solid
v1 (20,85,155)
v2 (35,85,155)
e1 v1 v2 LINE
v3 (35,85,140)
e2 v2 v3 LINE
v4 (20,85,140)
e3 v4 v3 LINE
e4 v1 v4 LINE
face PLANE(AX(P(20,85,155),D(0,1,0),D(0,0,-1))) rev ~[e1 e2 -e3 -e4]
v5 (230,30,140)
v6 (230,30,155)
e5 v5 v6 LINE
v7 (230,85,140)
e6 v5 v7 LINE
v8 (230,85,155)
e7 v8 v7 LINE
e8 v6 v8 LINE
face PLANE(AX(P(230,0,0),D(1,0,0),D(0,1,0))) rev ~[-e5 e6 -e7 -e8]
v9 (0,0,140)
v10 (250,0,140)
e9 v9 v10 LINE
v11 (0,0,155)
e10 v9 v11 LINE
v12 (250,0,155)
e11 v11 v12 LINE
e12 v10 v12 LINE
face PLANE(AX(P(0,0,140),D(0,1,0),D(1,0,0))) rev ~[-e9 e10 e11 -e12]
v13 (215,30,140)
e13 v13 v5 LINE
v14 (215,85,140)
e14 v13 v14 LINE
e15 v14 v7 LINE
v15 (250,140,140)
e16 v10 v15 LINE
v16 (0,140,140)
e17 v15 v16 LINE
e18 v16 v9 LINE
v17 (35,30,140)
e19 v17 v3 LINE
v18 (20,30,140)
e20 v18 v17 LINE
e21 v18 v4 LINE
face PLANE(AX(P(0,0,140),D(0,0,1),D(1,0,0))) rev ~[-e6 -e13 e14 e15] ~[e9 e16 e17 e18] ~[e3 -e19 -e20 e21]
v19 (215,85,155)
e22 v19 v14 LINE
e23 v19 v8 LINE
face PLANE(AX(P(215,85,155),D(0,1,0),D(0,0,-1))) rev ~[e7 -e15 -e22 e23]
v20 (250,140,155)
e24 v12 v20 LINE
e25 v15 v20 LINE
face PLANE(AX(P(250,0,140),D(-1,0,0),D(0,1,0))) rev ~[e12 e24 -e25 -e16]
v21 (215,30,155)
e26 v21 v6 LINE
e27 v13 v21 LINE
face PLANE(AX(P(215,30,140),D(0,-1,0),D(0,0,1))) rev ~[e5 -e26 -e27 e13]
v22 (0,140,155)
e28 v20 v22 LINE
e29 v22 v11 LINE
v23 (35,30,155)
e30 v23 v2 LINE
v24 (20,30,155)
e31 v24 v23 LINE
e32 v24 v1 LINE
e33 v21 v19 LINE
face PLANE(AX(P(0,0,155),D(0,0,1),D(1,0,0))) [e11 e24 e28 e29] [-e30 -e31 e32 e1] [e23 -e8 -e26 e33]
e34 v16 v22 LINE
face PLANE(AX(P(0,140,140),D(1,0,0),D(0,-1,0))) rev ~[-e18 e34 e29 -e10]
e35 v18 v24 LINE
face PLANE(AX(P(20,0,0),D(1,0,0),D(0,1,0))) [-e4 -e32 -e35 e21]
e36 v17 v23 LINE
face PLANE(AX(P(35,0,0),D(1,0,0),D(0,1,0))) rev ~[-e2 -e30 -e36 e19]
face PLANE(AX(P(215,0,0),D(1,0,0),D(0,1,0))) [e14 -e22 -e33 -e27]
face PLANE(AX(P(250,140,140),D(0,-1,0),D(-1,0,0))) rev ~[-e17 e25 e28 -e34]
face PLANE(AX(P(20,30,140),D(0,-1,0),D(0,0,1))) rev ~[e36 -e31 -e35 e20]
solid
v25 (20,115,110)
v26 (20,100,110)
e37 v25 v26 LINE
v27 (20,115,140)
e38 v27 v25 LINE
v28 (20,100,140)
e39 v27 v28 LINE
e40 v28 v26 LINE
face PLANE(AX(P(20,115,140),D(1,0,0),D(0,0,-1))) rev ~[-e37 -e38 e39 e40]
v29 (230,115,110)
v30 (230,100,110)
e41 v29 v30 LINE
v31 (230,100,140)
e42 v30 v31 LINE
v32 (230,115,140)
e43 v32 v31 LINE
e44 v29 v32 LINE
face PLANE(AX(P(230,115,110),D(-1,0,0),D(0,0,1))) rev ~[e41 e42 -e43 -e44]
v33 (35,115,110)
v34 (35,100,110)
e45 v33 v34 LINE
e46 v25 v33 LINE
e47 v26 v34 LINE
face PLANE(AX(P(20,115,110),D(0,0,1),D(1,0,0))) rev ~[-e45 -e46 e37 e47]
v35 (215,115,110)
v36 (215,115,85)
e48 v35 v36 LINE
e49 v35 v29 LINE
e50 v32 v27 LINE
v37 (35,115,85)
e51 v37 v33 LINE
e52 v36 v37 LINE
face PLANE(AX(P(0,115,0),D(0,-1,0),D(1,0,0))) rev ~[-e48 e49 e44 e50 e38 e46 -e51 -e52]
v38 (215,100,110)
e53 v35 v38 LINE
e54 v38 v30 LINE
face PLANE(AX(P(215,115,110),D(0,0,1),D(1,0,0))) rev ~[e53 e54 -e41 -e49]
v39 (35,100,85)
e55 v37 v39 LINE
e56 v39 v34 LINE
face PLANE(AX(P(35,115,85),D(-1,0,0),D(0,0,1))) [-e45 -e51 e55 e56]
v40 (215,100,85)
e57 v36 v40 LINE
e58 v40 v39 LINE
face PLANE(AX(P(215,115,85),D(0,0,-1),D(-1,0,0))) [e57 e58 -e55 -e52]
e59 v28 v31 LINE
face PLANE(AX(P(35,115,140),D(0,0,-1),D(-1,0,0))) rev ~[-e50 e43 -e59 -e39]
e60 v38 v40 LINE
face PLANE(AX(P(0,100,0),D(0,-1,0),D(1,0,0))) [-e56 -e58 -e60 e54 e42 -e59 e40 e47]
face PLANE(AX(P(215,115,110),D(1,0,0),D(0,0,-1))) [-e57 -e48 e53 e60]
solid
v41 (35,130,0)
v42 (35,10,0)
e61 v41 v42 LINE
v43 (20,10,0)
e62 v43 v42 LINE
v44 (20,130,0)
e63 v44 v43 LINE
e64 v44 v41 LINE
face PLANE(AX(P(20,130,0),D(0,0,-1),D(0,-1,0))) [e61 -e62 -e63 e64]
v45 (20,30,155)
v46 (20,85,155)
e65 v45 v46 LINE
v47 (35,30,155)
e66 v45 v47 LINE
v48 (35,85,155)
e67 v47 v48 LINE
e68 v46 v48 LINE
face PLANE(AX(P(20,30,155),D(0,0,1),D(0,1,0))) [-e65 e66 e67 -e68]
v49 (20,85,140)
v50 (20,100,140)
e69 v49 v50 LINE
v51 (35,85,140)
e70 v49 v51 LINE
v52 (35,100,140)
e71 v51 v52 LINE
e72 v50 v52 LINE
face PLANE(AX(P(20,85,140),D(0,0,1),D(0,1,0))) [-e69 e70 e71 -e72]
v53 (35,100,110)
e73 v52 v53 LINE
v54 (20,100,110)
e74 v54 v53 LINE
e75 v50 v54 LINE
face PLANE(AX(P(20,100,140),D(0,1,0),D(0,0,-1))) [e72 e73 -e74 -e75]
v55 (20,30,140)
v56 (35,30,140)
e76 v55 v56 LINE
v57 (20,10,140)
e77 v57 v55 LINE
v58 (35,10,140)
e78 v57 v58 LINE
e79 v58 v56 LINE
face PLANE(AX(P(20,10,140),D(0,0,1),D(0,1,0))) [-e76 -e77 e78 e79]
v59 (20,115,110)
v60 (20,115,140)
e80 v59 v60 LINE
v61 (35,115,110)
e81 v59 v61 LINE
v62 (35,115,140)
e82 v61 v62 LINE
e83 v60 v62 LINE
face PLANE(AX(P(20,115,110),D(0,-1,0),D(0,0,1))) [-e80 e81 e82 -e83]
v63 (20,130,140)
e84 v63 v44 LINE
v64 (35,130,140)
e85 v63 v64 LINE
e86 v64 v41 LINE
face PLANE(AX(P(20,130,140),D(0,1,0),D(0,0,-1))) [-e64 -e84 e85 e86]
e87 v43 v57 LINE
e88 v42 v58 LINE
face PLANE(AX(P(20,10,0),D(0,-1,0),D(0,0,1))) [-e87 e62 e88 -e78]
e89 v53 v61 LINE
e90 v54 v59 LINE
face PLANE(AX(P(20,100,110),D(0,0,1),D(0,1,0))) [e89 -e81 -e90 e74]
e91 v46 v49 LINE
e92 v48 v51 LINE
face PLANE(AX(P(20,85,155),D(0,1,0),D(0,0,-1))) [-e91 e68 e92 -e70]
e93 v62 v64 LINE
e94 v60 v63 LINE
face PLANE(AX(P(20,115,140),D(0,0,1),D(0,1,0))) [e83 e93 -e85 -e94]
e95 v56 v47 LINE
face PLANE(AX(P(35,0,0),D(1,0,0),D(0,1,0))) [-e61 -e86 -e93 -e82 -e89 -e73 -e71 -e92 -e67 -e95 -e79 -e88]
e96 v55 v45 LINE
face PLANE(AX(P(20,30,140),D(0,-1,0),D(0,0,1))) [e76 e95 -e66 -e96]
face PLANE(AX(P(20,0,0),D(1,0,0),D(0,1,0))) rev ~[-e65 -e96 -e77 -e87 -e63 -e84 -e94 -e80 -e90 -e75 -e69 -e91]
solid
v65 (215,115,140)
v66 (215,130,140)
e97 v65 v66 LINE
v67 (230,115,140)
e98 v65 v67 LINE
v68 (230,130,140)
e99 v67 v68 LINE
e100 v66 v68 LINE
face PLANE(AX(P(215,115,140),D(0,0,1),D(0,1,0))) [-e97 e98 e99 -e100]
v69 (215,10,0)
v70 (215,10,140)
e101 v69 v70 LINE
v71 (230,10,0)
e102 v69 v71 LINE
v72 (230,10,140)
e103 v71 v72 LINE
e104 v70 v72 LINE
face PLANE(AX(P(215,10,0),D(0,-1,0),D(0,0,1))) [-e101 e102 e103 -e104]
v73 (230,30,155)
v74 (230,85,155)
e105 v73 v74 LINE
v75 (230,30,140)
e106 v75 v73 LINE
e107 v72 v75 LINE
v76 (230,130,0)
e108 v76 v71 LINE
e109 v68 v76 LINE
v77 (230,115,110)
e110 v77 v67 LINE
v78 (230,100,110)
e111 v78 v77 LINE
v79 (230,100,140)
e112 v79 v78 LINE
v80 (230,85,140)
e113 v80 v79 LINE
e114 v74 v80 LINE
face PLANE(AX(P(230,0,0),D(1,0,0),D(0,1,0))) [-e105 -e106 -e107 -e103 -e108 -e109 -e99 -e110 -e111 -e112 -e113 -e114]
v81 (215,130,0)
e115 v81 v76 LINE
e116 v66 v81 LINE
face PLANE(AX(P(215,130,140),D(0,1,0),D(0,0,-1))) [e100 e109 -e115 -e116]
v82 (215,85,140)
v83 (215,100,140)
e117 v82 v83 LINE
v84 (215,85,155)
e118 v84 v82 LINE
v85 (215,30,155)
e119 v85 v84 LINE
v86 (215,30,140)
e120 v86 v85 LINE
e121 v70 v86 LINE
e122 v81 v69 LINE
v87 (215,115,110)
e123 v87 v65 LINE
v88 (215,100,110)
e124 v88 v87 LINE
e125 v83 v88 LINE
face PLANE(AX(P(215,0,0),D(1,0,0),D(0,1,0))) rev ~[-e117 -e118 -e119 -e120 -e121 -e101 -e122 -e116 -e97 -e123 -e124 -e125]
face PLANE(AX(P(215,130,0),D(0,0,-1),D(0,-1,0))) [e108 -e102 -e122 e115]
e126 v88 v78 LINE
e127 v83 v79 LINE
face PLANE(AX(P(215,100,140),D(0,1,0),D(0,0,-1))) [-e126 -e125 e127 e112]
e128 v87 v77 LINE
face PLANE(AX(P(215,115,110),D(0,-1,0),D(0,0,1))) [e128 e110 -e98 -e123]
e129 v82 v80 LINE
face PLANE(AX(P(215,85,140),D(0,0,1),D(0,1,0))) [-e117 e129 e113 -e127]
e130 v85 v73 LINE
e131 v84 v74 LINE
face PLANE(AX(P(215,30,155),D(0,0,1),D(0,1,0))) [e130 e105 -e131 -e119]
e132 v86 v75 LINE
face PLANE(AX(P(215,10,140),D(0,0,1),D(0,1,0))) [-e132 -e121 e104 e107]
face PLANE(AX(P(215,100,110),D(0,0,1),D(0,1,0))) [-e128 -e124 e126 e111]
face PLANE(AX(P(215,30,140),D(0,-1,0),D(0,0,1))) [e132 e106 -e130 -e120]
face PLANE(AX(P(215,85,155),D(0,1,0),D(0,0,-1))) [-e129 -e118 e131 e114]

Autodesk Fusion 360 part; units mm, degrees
sketch "TableLegSketch" plane through (0, 0, 0) normal (1, 0, 0) x (0, 1, 0)
  line L0 (0, 0) -> (10, 0)
  line L1 (10, 0) -> (10, 140)
  line L2 (10, 140) -> (0, 140)
  line L3 (0, 140) -> (0, 0)
  line L4 (130, 140) -> (130, 0)
  line L5 (130, 0) -> (10, 0)
  line L6 (10, 0) -> (10, 140)
  line L7 (130, 140) -> (140, 140)
  line L8 (140, 140) -> (140, 0)
  line L9 (140, 0) -> (130, 0)
  line L10 (130, 0) -> (130, 140)
  line L11 (100, 140) -> (100, 110)
  line L12 (100, 110) -> (115, 110)
  line L13 (115, 110) -> (115, 140)
  line L14 (115, 140) -> (130, 140)
  line L15 (30, 140) -> (30, 155)
  line L16 (30, 155) -> (85, 155)
  line L17 (85, 155) -> (85, 140)
  line L18 (10, 140) -> (30, 140)
  line L19 (85, 140) -> (100, 140)
  dimension "d3" = 10
  dimension "d4" = 140
extrude "Extrude1" add sketch "TableLegSketch" along normal blind 15 from surface at 20 contours L1 L4 L5 L6 L10 L11 L12 L13 L14 L15 L16 L17 L18 L19 makes body 1
extrude "Extrude2" add 1 faces at (35, 80, 36.6667) along direction (1, 0, 0) blind 15 from surface at 180 on bodies 1 bodies 1 makes body 2
sketch "TableTop" plane through (0, 0, 0) normal (0, 0, 1) x (1, 0, 0)
  line L0 (0, 0) -> (250, 0)
  line L1 (250, 0) -> (250, 140)
  line L2 (250, 140) -> (0, 140)
  line L3 (0, 140) -> (0, 0)
  dimension "d11" = 250
  dimension "d12" = 140
extrude "Extrude3" add sketch "TableTop" along normal blind 15 from surface at 140 separate body makes body 3
sketch "MiddleSupportSketch" plane through (0, 115, 0) normal (0, -1, 0) x (1, 0, 0)
  line L0 (20, 140) -> (20, 110)
  line L1 (20, 110) -> (35, 110)
  line L2 (35, 110) -> (35, 140)
  line L3 (35, 140) -> (20, 140)
  line L4 (230, 110) -> (230, 140)
  line L5 (230, 140) -> (20, 140)
  line L6 (20, 140) -> (20, 110)
  line L7 (215, 110) -> (215, 85)
  line L8 (215, 85) -> (35, 85)
  line L9 (35, 85) -> (35, 110)
  line L10 (20, 110) -> (35, 110)
  line L11 (215, 110) -> (230, 110)
extrude "Extrude4" add sketch "MiddleSupportSketch" along normal blind 15 separate body makes body 4
combine "Combine1" operation cut target body 3 tool bodies 1 keep tools
combine "Combine2" operation cut target body 3 tool bodies 2 keep tools
sketch "TABLETOP" plane through (0, 0, 155) normal (0, 0, 1) x (-1, 0, 0)
  line L0 (-215, -85) -> (-230, -85)
  line L1 (-230, -85) -> (-230, -30)
  line L2 (-230, -30) -> (-215, -30)
  line L3 (-215, -30) -> (-215, -85)
  line L4 (-20, -85) -> (-35, -85)
  line L5 (-35, -85) -> (-35, -30)
  line L6 (-35, -30) -> (-20, -30)
  line L7 (-20, -30) -> (-20, -85)
  line L8 (0, -140) -> (0, 0)
  line L9 (0, 0) -> (-250, 0)
  line L10 (-250, 0) -> (-250, -140)
  line L11 (-250, -140) -> (0, -140)
sketch "LEGS" plane through (35, 0, 0) normal (1, 0, 0) x (0, 1, 0)
  line L0 (130, 0) -> (130, 140)
  line L1 (130, 140) -> (115, 140)
  line L2 (115, 140) -> (115, 110)
  line L3 (115, 110) -> (100, 110)
  line L4 (100, 110) -> (100, 140)
  line L5 (100, 140) -> (85, 140)
  line L6 (85, 140) -> (85, 155)
  line L7 (85, 155) -> (30, 155)
  line L8 (30, 155) -> (30, 140)
  line L9 (30, 140) -> (10, 140)
  line L10 (10, 140) -> (10, 0)
  line L11 (10, 0) -> (130, 0)
sketch "MIDDLESUPPORT" plane through (0, 100, 0) normal (0, -1, 0) x (1, 0, 0)
  line L0 (215, 85) -> (215, 110)
  line L1 (215, 110) -> (230, 110)
  line L2 (230, 110) -> (230, 140)
  line L3 (230, 140) -> (20, 140)
  line L4 (20, 140) -> (20, 110)
  line L5 (20, 110) -> (35, 110)
  line L6 (35, 110) -> (35, 85)
  line L7 (35, 85) -> (215, 85)
